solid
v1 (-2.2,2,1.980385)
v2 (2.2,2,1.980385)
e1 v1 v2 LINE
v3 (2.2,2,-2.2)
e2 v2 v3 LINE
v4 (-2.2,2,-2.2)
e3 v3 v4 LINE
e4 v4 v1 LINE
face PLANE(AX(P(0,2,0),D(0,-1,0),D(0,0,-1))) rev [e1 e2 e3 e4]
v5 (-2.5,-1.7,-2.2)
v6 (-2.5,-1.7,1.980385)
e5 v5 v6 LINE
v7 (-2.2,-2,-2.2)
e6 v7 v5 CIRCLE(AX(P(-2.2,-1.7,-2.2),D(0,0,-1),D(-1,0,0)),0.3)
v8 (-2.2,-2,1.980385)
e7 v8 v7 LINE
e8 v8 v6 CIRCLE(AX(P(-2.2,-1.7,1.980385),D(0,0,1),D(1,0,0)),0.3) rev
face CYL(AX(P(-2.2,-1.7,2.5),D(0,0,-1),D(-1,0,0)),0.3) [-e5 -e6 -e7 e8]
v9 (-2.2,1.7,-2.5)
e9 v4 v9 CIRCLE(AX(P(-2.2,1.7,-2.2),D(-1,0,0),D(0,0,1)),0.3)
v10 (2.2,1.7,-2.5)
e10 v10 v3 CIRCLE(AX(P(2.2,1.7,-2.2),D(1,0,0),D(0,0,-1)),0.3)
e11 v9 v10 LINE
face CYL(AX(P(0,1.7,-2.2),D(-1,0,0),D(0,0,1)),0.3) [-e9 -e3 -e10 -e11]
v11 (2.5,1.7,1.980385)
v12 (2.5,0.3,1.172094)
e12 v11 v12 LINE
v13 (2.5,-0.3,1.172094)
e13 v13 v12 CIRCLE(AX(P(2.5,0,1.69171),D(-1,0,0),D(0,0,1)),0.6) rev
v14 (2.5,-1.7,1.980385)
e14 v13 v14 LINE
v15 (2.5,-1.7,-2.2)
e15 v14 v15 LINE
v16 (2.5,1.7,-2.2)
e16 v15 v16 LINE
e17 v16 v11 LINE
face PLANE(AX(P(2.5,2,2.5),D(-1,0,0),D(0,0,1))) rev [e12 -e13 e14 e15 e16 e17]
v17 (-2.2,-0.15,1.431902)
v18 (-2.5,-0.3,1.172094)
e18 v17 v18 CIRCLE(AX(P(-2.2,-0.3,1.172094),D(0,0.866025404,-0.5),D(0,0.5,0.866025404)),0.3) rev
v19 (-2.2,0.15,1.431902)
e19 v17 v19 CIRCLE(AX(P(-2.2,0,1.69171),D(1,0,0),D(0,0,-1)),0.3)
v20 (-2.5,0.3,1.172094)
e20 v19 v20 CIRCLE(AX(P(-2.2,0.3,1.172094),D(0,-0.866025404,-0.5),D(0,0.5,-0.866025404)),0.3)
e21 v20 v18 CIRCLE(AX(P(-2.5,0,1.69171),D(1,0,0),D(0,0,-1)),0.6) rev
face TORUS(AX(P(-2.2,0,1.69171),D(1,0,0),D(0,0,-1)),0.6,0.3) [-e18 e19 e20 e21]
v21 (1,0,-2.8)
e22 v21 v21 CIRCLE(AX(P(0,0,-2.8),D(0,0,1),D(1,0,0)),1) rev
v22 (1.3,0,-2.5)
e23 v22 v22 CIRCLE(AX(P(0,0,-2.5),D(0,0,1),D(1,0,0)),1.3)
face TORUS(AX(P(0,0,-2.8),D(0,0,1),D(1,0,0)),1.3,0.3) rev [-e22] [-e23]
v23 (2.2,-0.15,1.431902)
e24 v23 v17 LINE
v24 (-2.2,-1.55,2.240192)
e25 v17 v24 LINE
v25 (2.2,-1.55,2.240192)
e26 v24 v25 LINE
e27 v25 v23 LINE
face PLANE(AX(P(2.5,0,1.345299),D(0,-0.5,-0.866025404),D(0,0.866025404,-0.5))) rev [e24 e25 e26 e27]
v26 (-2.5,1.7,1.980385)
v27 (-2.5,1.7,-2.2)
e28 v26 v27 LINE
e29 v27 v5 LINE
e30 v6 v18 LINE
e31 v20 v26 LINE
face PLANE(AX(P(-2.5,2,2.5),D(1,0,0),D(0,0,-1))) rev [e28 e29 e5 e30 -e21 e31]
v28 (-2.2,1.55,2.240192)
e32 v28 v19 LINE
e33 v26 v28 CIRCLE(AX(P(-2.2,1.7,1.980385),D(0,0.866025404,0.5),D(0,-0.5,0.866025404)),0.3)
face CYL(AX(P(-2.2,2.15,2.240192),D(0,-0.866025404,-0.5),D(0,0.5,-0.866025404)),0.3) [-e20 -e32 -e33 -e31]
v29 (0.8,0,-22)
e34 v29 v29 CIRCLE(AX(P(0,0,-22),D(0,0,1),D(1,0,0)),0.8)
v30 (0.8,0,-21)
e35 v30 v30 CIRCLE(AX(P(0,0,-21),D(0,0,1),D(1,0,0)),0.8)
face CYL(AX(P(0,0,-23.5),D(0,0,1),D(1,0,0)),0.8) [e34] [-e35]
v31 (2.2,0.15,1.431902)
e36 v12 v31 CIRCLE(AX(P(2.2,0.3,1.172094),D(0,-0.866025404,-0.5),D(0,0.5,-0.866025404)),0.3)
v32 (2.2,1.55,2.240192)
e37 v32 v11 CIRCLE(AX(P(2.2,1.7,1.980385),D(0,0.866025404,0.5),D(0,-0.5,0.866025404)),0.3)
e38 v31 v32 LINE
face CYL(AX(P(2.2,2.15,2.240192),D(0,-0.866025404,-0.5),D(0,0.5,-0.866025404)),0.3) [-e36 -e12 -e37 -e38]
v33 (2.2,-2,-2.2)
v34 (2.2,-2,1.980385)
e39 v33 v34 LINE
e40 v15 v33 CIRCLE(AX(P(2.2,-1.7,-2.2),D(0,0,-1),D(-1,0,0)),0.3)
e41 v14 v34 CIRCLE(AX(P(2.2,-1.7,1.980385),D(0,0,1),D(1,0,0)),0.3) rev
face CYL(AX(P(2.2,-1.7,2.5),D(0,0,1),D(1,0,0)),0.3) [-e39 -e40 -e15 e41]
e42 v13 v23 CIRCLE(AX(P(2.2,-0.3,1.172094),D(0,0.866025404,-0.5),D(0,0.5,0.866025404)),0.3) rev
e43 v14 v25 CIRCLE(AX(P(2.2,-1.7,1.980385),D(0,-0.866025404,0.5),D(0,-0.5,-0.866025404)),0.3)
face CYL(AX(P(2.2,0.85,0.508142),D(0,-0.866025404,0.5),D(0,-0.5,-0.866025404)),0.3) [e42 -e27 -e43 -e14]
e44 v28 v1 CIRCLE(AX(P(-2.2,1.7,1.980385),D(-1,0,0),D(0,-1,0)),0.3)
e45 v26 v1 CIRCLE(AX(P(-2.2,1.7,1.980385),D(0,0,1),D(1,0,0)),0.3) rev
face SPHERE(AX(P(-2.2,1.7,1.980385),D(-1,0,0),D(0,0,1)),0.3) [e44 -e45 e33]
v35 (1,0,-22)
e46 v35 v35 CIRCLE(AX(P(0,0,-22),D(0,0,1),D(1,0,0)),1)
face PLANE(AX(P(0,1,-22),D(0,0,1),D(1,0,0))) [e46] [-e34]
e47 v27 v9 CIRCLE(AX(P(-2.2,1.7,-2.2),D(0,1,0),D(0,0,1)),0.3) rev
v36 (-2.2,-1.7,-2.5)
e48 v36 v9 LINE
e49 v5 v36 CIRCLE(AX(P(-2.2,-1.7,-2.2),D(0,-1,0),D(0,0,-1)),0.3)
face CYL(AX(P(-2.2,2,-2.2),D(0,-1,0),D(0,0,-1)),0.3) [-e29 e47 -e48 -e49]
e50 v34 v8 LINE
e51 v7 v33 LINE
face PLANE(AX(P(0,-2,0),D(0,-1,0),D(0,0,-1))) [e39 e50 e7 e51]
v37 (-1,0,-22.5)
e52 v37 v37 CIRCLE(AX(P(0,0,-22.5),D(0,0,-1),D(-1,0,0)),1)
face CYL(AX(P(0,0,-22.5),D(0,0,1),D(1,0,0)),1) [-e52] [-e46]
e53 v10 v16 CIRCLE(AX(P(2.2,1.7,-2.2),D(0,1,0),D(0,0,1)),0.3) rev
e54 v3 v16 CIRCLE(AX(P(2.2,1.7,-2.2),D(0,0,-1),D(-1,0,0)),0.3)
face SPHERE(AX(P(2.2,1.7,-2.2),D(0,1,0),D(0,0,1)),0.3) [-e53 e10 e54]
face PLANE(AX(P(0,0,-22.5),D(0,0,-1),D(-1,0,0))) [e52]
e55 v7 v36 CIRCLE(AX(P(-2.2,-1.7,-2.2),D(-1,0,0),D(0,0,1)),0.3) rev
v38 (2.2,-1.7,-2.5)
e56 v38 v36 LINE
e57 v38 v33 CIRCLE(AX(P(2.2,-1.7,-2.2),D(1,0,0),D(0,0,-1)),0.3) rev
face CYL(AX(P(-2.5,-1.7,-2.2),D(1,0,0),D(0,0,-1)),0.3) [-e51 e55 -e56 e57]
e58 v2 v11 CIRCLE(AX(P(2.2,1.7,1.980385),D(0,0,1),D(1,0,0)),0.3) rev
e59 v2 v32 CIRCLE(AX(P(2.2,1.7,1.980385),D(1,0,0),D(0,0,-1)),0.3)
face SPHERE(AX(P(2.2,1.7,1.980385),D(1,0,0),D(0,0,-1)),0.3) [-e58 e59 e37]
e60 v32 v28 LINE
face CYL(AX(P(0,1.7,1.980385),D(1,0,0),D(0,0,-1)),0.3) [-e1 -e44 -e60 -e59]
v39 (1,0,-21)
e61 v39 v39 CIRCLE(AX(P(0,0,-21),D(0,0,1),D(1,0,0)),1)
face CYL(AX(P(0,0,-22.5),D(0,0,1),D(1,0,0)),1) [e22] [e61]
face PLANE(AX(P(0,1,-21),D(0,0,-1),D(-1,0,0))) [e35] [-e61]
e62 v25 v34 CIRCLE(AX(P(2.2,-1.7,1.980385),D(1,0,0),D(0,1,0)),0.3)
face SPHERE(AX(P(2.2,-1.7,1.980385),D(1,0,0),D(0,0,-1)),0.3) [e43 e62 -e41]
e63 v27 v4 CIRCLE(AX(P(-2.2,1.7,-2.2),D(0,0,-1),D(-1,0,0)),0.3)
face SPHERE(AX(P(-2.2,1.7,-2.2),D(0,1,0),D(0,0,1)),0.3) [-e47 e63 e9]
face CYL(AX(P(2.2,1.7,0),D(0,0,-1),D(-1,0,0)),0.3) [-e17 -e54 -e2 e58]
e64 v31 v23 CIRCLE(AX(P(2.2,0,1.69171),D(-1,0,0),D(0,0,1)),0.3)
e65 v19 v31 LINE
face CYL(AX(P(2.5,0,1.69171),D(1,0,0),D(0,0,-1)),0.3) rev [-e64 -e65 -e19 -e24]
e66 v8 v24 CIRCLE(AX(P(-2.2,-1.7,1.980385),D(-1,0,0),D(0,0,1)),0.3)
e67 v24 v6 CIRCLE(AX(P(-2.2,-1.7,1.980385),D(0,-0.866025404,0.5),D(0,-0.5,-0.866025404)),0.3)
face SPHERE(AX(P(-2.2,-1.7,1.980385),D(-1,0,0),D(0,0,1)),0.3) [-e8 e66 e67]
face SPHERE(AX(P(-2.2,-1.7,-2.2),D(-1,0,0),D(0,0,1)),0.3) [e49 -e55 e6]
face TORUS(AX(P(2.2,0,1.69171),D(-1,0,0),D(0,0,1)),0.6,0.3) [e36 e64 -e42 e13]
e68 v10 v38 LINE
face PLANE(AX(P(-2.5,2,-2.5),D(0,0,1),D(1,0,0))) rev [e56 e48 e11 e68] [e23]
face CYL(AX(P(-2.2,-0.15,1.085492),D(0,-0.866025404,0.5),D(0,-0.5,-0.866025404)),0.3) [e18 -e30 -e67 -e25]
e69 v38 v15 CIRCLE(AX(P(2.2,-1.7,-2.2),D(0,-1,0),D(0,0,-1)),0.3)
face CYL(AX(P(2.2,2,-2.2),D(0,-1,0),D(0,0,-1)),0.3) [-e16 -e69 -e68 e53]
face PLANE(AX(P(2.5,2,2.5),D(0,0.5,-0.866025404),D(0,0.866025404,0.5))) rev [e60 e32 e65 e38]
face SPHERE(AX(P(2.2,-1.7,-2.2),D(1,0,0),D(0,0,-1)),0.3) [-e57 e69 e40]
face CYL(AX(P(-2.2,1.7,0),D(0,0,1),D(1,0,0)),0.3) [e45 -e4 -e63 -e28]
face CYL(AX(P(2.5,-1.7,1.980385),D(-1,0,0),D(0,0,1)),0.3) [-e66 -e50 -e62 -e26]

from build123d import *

# Parameters (mm, degrees)
ESQUISSE1_W             = 5
ESQUISSE1_H             = 5
BOSS_EXTRU_1_DEPTH      = 2
ENL_V_MAT_EXTRU_1_DEPTH = 6
ESQUISSE3_R             = 1
BOSS_EXTRU_2_DEPTH      = 20
ESQUISSE4_W             = 1
ESQUISSE4_H             = 0.2
CONG_3_R                = 0.3


with BuildPart() as part:
    # Esquisse1 → Boss.-Extru.1 (new body, symmetric)
    with BuildSketch(Plane(origin=(0, 0, 0), x_dir=(1, 0, 0), z_dir=(0, 1, 0))):
        Rectangle(ESQUISSE1_W, ESQUISSE1_H)
    extrude(amount=BOSS_EXTRU_1_DEPTH, both=True)

    # Esquisse2 → Enlèv. mat.-Extru.1 (cut, through all)
    with BuildSketch(Plane.ZY.offset(2.5)):
        Polygon((2.5, 2), (1.345299462, 0), (2.5, -2), align=None)
    extrude(amount=-ENL_V_MAT_EXTRU_1_DEPTH, mode=Mode.SUBTRACT)

    # Esquisse3 → Boss.-Extru.2 (add)
    with BuildSketch(Plane(origin=(0, 0, -2.5), x_dir=(-1, 0, 0), z_dir=(0, 0, -1))):
        Circle(ESQUISSE3_R)
    extrude(amount=BOSS_EXTRU_2_DEPTH)

    # Esquisse4 → Enlèvement de matière-Révolution1 (revolve, cut)
    with BuildSketch(Plane(origin=(0, 0, 0), x_dir=(0, 0, -1), z_dir=(1, 0, 0))):
        with Locations((21.5, 0.9)):
            Rectangle(ESQUISSE4_W, ESQUISSE4_H)
    revolve(axis=Axis((0, 0, -23.5), (0, 0, -1)), mode=Mode.SUBTRACT)

    # Congé3
    cong_3_edges = [part.edges().sort_by_distance(p)[0] for p in [
        (-2.5, 2, 0),
        (0, 2, 2.5),
        (2.5, -1, 1.922649731),
        (2.5, 1, 1.922649731),
        (0, 0, 1.345299462),
        (-2.5, 1, 1.922649731),
        (-2.5, -1, 1.922649731),
        (1, 0, -2.5),
        (2.5, 2, 0),
        (0, -2, 2.5),
        (-2.5, -2, 0),
        (0, -2, -2.5),
        (2.5, -2, 0),
        (-2.5, 0, -2.5),
        (2.5, 0, -2.5),
        (0, 2, -2.5),
    ]]
    fillet(cong_3_edges, radius=CONG_3_R)


solid = part.part
